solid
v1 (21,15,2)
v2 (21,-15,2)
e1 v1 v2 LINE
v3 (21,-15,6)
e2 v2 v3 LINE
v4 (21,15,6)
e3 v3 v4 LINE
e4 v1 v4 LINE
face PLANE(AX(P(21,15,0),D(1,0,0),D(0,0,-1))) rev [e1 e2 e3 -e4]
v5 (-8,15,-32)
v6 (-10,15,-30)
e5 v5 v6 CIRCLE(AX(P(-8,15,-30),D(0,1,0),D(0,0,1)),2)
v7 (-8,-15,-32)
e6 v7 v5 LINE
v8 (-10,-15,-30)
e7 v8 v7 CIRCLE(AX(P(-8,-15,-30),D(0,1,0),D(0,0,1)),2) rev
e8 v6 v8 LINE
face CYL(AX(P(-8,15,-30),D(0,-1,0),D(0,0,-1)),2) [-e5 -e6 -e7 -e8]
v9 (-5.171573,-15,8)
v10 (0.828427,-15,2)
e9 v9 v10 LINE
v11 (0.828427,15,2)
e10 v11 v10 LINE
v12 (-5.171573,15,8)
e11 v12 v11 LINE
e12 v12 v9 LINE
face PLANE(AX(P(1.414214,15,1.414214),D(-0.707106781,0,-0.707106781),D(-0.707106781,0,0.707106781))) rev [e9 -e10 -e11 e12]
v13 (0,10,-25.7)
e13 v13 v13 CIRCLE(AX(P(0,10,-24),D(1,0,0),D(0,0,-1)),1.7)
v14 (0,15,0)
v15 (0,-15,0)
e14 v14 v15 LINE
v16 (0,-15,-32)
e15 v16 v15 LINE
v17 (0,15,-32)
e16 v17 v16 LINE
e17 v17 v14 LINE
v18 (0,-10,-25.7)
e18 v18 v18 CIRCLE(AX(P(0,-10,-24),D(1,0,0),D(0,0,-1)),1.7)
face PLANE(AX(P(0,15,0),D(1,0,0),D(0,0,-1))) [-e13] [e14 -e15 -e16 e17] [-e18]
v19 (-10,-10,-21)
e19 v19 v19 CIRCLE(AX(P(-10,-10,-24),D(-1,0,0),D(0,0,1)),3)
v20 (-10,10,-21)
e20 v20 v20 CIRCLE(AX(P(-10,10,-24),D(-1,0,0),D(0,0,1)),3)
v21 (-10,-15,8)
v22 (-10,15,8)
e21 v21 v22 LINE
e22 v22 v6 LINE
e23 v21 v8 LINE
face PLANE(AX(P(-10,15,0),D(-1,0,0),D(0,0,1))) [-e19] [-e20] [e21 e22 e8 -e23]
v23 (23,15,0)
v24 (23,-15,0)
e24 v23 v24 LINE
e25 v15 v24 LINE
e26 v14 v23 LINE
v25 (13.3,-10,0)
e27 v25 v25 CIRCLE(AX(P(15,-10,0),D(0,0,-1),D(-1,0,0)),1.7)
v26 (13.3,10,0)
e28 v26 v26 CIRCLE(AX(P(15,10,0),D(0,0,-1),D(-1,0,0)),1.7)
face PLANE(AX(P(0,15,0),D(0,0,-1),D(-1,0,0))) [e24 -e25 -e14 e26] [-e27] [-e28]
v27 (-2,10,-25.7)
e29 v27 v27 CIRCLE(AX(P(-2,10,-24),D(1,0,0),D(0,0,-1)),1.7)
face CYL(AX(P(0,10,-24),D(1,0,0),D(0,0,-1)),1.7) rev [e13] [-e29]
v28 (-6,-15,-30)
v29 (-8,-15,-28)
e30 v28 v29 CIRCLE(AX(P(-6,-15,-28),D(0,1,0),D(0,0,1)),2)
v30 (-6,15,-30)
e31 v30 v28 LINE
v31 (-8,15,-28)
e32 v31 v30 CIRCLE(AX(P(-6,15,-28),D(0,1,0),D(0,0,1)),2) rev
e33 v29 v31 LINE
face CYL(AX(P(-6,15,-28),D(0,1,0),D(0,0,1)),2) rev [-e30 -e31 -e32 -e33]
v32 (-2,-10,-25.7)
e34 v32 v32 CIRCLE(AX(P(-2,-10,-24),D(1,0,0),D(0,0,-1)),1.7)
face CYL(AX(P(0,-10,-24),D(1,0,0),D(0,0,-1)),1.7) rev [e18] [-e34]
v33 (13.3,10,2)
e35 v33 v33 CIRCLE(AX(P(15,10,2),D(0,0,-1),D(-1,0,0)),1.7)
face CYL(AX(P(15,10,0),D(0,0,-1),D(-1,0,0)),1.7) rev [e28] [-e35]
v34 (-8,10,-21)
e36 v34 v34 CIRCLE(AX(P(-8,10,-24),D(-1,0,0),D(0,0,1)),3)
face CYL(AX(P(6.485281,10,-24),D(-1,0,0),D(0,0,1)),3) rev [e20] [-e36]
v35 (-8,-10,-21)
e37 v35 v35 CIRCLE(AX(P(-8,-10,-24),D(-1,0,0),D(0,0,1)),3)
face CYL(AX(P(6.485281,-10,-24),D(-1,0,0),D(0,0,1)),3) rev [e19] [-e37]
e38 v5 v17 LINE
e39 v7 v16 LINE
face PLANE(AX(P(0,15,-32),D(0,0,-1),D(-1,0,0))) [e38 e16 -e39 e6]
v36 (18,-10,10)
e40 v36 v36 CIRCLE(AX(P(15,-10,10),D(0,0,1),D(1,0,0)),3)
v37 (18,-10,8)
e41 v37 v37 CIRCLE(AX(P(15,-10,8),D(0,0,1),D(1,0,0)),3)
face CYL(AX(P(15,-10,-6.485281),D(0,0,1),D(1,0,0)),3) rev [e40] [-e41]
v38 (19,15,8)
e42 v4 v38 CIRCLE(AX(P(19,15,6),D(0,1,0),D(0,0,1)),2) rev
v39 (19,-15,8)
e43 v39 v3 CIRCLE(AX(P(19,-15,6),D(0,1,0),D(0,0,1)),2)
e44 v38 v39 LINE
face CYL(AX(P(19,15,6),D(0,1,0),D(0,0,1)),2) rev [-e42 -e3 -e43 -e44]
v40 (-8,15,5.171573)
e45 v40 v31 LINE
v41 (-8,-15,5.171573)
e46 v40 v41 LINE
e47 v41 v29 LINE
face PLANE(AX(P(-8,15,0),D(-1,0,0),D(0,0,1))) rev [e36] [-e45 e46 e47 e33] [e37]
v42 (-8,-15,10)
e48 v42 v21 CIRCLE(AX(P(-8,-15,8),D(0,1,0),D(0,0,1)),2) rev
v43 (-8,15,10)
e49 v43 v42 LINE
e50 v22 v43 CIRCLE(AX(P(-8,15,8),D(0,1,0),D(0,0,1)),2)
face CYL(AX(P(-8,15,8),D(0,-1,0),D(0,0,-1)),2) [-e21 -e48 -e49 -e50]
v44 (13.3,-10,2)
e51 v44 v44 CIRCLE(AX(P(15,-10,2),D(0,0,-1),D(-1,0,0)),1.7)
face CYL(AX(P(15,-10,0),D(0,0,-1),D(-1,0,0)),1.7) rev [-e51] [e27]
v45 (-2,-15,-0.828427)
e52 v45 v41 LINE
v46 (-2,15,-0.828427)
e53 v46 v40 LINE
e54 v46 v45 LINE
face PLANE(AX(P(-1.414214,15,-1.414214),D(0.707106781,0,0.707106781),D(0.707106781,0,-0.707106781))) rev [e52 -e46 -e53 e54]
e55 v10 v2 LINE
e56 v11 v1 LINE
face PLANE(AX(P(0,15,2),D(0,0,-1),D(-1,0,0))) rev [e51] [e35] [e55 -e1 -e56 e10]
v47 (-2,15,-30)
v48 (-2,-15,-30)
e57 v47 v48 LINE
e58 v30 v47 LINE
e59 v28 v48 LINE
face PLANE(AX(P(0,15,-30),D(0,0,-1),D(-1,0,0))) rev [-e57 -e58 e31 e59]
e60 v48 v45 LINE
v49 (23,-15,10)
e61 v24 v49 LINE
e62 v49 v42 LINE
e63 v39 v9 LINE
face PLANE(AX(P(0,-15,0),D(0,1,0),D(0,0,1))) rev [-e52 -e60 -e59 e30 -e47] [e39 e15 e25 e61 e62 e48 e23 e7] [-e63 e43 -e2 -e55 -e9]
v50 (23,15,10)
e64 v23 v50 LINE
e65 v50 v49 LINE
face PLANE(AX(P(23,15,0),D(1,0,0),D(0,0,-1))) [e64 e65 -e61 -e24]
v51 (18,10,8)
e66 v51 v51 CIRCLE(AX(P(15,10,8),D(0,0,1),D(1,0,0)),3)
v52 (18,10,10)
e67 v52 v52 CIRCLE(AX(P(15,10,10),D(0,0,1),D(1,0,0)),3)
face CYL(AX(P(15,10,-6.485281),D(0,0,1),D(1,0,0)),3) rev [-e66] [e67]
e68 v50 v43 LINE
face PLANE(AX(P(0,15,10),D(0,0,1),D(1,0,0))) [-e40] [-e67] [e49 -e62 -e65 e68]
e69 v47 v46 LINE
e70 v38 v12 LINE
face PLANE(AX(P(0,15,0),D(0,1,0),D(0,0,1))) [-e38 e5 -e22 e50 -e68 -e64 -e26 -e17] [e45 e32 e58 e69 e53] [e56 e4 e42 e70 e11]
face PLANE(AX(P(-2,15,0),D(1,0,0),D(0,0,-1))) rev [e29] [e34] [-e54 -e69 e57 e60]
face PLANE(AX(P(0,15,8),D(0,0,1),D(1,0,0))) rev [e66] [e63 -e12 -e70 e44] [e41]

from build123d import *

# Parameters (mm, degrees)
BOSS_EXTRUDE1_DEPTH            = 15
FILLET1_R                      = 2
M3_CLEARANCE_HOLE1_D           = 3.4
M3_CLEARANCE_HOLE1_ON_FACE_2_D = 3.4
SKETCH3_R                      = 3
CUT_EXTRUDE1_DEPTH             = 8
SKETCH4_R                      = 3
CUT_EXTRUDE2_DEPTH             = 8


with BuildPart() as part:
    # Sketch1 → Boss-Extrude1 (new body, symmetric)
    with BuildSketch(Plane(origin=(0, 0, 0), x_dir=(1, 0, 0), z_dir=(0, 1, 0))):
        Polygon((0, 0), (0, 32), (-10, 32), (-10, -10), (23, -10), (23, 0), align=None)
        Polygon((-8, 30), (-2, 30), (-2, 0.828427125), (-8, -5.171572875), align=None, mode=Mode.SUBTRACT)
        Polygon((21, -8), (-5.171572875, -8), (0.828427125, -2), (21, -2), align=None, mode=Mode.SUBTRACT)
    extrude(amount=BOSS_EXTRUDE1_DEPTH, both=True)

    # Fillet1
    fillet1_edges = [part.edges().sort_by_distance(p)[0] for p in [
        (-10, 0, 10),
        (-10, 0, -32),
        (21, 0, 8),
        (-8, 0, -30),
    ]]
    fillet(fillet1_edges, radius=FILLET1_R)

    # M3 Clearance Hole1 (through all)
    with Locations(Plane(origin=(15, -10, 0), x_dir=(-1, 0, 0), z_dir=(0, 0, -1))):
        with Locations((0, 0), (0, 20)):
            Hole(M3_CLEARANCE_HOLE1_D / 2)

    # M3 Clearance Hole1 on face 2 (through all)
    with Locations(Plane(origin=(0, 10, -24), x_dir=(0, 0, 1), z_dir=(1, 0, 0))):
        with Locations((0, 0), (0, 20)):
            Hole(M3_CLEARANCE_HOLE1_ON_FACE_2_D / 2)

    # Sketch3 → Cut-Extrude1 (cut)
    with BuildSketch(Plane.ZY.offset(10)):
        with Locations((-24, 10)):
            Circle(SKETCH3_R)
        with Locations((-24, -10)):
            Circle(SKETCH3_R)
    extrude(amount=-CUT_EXTRUDE1_DEPTH, mode=Mode.SUBTRACT)

    # Sketch4 → Cut-Extrude2 (cut)
    with BuildSketch(Plane.XY.offset(10)):
        with Locations((15, 10)):
            Circle(SKETCH4_R)
        with Locations((15, -10)):
            Circle(SKETCH4_R)
    extrude(amount=-CUT_EXTRUDE2_DEPTH, mode=Mode.SUBTRACT)


solid = part.part
